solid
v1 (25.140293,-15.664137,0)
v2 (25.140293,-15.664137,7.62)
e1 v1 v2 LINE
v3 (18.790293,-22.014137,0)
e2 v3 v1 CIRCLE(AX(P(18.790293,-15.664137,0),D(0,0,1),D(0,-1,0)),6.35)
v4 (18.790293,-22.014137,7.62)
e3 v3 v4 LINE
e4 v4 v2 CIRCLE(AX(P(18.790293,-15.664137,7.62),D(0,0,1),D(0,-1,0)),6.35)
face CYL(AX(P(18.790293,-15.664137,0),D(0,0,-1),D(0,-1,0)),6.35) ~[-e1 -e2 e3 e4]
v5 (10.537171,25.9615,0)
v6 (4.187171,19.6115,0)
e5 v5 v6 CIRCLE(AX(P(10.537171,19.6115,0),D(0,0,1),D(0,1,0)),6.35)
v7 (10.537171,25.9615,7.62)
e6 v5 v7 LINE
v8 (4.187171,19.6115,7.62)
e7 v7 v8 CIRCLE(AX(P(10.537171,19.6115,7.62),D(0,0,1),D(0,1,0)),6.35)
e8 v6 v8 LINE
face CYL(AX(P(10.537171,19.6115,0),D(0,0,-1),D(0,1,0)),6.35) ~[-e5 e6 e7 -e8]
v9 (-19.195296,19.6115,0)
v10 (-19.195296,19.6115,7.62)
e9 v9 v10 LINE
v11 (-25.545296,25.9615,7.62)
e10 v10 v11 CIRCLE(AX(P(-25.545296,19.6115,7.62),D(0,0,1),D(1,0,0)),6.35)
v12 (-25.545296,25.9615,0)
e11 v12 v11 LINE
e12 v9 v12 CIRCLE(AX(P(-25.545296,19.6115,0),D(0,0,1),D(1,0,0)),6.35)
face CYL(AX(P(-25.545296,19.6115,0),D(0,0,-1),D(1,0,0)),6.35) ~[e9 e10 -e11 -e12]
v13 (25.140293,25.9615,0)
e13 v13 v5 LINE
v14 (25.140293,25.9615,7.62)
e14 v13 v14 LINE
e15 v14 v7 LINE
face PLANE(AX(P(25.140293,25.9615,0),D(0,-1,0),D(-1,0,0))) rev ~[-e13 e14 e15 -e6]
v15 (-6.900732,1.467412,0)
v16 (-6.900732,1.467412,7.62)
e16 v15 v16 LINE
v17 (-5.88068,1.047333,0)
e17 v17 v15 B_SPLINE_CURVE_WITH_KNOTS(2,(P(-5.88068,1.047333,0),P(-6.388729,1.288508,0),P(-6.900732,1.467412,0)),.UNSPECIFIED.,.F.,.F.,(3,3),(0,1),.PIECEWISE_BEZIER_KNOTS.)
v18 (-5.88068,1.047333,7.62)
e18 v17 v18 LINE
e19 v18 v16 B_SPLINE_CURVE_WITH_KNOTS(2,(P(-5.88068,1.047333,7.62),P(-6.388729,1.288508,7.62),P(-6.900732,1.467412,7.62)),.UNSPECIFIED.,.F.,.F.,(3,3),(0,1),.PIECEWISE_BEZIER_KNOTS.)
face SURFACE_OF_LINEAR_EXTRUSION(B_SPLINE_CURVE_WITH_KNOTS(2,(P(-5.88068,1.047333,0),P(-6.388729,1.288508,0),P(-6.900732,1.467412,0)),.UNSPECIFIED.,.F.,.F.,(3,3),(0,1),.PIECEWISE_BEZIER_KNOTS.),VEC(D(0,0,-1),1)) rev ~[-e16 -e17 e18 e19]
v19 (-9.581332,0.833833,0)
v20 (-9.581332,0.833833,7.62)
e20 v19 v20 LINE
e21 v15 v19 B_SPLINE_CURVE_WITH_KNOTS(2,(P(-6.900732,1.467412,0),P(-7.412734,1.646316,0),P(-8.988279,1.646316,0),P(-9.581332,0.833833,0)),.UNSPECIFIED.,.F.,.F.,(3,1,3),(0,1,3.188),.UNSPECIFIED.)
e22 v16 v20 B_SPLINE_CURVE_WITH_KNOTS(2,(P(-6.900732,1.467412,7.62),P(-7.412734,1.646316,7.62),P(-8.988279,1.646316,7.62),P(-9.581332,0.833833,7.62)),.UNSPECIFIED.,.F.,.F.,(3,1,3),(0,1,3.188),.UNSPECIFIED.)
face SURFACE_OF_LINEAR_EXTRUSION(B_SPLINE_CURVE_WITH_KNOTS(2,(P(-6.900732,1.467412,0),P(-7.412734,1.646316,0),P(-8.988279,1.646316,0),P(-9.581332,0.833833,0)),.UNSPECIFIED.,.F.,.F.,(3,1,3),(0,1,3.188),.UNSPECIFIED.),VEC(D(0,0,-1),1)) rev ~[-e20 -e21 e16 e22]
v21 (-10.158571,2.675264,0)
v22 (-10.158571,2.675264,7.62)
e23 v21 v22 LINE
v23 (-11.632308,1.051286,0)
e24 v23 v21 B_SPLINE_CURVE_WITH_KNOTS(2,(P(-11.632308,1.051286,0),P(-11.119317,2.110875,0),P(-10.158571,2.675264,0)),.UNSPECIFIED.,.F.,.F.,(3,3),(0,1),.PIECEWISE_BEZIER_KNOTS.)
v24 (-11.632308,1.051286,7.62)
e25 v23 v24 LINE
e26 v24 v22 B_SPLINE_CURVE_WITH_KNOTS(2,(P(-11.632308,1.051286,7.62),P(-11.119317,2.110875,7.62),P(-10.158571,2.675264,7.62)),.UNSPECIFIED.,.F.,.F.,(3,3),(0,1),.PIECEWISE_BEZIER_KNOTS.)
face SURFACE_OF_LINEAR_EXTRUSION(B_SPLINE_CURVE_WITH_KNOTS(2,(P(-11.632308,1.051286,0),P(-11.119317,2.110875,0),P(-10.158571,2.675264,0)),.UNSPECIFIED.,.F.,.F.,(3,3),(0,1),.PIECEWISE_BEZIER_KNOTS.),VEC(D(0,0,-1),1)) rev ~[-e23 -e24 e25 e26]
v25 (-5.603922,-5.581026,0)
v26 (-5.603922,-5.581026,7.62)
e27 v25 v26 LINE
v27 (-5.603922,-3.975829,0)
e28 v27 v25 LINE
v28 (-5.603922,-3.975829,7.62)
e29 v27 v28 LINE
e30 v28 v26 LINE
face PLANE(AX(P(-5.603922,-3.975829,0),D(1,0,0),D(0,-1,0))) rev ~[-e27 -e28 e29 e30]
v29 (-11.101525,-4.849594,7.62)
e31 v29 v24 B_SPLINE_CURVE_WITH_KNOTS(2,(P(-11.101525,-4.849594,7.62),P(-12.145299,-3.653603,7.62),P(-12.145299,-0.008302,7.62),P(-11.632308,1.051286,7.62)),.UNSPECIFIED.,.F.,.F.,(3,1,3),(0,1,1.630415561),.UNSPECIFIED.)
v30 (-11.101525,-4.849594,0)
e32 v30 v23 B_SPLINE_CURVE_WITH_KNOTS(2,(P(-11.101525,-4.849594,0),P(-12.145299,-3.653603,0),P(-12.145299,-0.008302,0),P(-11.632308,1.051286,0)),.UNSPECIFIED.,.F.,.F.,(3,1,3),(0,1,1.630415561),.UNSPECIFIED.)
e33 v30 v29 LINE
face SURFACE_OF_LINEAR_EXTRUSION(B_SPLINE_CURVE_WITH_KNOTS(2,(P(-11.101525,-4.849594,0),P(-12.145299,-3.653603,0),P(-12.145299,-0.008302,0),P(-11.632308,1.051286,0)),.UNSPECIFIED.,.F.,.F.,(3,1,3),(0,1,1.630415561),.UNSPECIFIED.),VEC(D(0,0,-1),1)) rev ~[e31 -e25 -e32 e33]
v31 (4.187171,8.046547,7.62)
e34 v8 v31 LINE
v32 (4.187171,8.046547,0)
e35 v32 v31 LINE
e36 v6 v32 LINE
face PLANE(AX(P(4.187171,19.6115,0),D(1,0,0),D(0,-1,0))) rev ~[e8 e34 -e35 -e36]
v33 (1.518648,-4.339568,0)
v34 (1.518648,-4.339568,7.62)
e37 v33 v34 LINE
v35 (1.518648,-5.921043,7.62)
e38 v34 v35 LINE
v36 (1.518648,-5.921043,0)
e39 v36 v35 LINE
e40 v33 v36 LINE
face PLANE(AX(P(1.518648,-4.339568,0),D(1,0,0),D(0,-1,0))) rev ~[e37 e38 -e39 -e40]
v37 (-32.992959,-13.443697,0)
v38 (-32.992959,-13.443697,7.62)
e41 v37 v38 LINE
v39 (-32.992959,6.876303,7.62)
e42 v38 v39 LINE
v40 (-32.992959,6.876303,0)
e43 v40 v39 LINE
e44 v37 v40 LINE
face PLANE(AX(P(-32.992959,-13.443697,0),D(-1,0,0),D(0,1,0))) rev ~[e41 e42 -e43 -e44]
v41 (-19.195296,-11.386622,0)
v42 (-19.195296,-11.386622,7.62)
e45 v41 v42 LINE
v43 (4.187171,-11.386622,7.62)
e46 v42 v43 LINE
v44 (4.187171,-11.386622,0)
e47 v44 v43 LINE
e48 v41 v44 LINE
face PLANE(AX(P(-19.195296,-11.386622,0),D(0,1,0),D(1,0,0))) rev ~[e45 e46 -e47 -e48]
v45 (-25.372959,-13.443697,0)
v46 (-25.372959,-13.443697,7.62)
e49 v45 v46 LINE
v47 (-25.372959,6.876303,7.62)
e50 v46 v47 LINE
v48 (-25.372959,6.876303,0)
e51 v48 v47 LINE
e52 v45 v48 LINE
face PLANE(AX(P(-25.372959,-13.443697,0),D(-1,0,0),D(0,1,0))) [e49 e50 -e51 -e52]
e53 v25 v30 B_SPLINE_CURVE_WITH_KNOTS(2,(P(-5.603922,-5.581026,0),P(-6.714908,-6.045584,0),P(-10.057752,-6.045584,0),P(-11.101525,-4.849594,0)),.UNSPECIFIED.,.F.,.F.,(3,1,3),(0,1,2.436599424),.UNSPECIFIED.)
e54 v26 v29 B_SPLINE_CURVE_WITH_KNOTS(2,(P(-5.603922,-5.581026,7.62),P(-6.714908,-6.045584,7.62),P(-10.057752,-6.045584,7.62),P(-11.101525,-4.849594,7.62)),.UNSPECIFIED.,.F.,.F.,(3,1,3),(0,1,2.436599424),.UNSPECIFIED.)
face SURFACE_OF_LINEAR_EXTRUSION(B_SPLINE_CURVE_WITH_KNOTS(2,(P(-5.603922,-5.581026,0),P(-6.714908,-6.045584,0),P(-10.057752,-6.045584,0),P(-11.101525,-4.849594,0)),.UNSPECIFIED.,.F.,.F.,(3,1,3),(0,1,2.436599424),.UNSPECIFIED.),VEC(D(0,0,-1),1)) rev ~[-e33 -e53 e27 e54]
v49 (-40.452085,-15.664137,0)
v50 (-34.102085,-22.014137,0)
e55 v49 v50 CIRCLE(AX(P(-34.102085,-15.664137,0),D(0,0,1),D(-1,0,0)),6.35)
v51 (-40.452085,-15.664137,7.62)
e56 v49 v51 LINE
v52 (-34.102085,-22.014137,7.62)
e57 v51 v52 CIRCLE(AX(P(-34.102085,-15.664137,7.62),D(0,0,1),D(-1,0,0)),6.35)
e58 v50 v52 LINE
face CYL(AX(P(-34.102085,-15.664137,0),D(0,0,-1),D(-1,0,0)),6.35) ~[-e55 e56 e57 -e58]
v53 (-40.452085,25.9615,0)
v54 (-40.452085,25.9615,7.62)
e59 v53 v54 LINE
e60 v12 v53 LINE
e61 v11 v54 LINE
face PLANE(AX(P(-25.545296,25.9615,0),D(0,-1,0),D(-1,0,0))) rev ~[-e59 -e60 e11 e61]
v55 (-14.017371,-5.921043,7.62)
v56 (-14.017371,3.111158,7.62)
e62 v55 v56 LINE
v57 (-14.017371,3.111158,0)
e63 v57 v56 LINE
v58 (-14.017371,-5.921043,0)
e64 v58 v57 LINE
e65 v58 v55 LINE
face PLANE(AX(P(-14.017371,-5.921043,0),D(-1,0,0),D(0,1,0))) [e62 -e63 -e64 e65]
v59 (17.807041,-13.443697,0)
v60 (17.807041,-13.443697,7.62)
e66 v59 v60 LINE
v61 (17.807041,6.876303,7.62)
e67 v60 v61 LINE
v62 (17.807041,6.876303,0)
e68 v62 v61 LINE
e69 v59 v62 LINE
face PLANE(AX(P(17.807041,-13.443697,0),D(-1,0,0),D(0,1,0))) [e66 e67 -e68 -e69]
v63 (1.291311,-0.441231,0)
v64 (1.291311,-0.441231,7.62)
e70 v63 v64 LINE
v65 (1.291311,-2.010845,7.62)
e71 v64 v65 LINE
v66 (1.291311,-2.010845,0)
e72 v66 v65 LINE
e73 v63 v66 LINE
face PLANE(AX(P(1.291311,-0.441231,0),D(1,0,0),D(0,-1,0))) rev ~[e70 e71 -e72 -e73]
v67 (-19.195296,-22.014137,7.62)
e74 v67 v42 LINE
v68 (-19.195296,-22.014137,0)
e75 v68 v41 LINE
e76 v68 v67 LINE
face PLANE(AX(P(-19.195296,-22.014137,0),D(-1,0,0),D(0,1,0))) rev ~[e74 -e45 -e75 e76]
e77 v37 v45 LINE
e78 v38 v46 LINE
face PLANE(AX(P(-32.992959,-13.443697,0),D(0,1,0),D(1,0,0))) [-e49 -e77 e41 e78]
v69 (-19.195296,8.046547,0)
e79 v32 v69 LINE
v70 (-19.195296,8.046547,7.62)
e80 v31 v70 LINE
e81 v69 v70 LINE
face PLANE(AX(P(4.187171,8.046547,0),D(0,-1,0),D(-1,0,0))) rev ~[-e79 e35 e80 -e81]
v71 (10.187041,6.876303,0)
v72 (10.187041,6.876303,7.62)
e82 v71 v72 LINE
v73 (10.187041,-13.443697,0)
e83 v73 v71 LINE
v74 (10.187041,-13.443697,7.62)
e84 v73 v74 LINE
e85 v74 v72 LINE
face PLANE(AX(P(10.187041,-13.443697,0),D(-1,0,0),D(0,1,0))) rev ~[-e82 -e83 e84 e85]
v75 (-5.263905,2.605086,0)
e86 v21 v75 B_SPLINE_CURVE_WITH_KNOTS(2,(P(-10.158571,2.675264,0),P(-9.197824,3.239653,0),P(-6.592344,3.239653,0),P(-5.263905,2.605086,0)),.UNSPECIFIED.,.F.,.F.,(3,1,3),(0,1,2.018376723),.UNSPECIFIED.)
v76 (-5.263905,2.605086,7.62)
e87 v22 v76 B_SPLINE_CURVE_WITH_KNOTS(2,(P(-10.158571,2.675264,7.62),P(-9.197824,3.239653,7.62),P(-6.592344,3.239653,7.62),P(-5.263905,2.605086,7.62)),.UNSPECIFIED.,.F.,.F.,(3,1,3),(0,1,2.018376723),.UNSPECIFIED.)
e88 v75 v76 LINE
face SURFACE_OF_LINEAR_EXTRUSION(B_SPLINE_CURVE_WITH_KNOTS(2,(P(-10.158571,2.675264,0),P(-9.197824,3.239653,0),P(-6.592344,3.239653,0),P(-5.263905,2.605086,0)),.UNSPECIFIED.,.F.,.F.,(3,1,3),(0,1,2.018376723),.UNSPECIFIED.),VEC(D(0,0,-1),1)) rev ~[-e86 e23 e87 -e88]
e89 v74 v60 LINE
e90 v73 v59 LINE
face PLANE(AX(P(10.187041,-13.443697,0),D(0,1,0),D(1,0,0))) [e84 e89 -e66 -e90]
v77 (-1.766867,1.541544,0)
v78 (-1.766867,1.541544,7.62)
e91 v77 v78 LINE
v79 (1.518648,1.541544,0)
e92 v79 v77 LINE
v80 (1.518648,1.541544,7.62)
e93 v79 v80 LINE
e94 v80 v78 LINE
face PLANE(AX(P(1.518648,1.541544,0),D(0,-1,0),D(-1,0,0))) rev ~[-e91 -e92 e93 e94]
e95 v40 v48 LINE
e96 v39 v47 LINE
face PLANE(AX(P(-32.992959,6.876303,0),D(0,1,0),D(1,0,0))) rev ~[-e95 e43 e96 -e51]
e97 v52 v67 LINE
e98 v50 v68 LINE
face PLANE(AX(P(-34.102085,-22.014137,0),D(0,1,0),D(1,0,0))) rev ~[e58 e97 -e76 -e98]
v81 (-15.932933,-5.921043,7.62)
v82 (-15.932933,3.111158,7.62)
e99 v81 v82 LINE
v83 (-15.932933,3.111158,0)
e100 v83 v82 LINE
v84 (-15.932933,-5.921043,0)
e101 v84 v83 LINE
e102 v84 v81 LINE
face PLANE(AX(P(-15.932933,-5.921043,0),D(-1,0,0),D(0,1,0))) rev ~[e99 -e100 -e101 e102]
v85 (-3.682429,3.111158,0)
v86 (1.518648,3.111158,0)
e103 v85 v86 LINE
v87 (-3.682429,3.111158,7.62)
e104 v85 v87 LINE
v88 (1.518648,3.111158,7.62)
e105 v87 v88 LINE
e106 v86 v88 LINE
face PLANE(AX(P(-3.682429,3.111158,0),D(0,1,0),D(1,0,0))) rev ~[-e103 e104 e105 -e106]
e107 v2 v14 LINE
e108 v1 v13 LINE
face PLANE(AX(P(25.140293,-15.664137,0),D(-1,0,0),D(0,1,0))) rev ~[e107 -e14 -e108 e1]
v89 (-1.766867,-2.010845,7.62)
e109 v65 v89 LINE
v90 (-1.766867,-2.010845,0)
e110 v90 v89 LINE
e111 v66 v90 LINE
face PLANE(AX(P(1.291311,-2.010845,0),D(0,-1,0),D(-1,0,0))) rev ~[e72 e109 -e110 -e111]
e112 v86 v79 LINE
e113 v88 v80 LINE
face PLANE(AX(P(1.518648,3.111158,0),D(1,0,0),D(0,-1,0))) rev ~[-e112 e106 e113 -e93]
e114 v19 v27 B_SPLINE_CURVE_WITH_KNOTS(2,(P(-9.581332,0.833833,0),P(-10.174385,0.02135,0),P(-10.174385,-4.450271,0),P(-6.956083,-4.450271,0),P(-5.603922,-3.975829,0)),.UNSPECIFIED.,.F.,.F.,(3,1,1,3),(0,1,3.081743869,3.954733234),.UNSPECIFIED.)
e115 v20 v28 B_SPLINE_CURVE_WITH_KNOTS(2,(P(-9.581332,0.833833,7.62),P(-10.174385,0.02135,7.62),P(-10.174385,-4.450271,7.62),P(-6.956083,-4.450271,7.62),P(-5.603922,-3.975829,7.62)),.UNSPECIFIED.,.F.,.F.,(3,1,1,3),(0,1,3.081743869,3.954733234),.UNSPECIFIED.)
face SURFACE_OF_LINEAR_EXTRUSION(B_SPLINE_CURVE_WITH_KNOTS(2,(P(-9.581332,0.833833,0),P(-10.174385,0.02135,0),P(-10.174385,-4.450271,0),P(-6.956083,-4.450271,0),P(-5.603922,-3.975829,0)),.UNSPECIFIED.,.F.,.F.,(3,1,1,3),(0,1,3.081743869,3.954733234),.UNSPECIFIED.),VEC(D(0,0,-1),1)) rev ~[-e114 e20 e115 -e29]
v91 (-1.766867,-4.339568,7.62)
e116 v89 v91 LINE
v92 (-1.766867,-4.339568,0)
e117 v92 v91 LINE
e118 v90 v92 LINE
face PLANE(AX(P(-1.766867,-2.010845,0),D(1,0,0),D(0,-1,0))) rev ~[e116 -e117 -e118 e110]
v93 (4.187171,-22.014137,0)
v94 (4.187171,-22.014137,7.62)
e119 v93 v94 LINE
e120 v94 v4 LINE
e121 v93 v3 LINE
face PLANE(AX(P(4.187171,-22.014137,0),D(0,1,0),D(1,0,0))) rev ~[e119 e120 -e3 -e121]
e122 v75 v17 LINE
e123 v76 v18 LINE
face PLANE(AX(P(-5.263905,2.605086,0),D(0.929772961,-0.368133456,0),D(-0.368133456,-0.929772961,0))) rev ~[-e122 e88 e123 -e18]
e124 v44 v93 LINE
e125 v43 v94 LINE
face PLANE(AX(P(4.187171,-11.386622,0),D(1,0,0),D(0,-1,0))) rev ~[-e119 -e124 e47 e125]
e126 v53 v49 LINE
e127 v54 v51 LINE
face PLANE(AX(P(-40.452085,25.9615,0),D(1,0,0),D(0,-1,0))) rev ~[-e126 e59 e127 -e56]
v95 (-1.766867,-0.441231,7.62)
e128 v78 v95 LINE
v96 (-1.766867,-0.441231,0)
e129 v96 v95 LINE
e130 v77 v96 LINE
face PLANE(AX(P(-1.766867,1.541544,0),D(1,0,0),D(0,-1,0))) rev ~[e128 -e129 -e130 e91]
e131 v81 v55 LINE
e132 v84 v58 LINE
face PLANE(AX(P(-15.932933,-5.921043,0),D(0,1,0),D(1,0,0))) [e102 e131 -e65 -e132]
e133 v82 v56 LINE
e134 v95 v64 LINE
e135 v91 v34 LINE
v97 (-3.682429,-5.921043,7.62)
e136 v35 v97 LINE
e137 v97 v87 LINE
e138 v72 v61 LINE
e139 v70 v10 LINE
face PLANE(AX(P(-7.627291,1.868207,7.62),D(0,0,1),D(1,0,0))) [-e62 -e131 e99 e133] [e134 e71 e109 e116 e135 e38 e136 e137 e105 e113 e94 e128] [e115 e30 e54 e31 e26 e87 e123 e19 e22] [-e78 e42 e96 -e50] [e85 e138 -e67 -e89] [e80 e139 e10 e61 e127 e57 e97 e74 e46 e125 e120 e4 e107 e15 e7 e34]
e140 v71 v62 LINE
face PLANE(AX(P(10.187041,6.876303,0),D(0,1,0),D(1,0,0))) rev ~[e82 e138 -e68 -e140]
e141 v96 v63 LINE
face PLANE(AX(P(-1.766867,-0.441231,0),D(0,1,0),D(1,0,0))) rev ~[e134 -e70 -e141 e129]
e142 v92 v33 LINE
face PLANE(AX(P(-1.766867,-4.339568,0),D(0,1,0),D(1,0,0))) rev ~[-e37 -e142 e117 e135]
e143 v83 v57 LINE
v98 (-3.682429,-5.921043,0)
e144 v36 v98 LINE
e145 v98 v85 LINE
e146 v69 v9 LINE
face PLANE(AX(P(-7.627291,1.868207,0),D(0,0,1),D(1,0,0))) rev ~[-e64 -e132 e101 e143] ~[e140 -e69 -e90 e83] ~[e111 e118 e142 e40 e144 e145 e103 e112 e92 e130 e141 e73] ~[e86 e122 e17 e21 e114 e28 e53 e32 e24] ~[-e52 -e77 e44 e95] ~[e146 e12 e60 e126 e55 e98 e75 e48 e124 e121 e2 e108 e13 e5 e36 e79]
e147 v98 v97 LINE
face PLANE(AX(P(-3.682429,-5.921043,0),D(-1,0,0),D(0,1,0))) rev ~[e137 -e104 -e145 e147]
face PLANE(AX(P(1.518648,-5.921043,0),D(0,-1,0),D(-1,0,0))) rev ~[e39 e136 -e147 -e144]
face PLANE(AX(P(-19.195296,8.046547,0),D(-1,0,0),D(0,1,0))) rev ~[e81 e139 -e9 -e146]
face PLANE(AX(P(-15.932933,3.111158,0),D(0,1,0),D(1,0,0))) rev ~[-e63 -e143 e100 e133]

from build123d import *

# Parameters (mm, degrees)
F0_W     = 7.62
F0_H     = 20.32
F0_W_2   = 1.9155620143
F0_H_2   = 9.0322010769
F1_DEPTH = 7.62


with BuildPart() as f1:
    # F0 (on Top) → F1 (new body)
    with BuildSketch(Plane.XY):
        with BuildLine():
            Line((-25.5452958703, 25.9614996612), (-40.4520854354, 25.9614996612))
            Line((-40.4520854354, 25.9614996612), (-40.4520854354, -15.6641373575))
            ThreePointArc((-40.4520854354, -15.6641373575), (-38.5922134959, -20.154265418), (-34.1020854354, -22.0141373575))
            Line((-34.1020854354, -22.0141373575), (-19.1952958703, -22.0141373575))
            Line((-19.1952958703, -22.0141373575), (-19.1952958703, -11.3866217434))
            Line((-19.1952958703, -11.3866217434), (4.1871713474, -11.3866217434))
            Line((4.1871713474, -11.3866217434), (4.1871713474, -22.0141373575))
            Line((4.1871713474, -22.0141373575), (18.7902929425, -22.0141373575))
            ThreePointArc((18.7902929425, -22.0141373575), (23.2804210031, -20.154265418), (25.1402929425, -15.6641373575))
            Line((25.1402929425, -15.6641373575), (25.1402929425, 25.9614996612))
            Line((25.1402929425, 25.9614996612), (10.5371713474, 25.9614996612))
            ThreePointArc((10.5371713474, 25.9614996612), (6.0470432869, 24.1016277217), (4.1871713474, 19.6114996612))
            Line((4.1871713474, 19.6114996612), (4.1871713474, 8.0465469509))
            Line((4.1871713474, 8.0465469509), (-19.1952958703, 8.0465469509))
            Line((-19.1952958703, 8.0465469509), (-19.1952958703, 19.6114996612))
            ThreePointArc((-19.1952958703, 19.6114996612), (-21.0551678098, 24.1016277217), (-25.5452958703, 25.9614996612))
        make_face()
        with Locations((-29.182958674, -3.2836972007)):
            Rectangle(F0_W, F0_H, mode=Mode.SUBTRACT)
        with Locations((-14.9751515718, -1.4049426843)):
            Rectangle(F0_W_2, F0_H_2, mode=Mode.SUBTRACT)
        with BuildLine():
            add(Edge.make_bspline(
                [(-6.9007315021, 1.4674119151), (-7.4127341457, 1.6463163138), (-7.9069451917, 1.6463163138)],
                knots=[0, 0, 0, 1, 1, 1], degree=2))
            add(Edge.make_bspline(
                [(-7.9069451917, 1.6463163138), (-8.9882789604, 1.6463163138), (-9.5813322156, 0.8338333541)],
                knots=[0, 0, 0, 1, 1, 1], degree=2))
            add(Edge.make_bspline(
                [(-9.5813322156, 0.8338333541), (-10.1743854708, 0.0213503945), (-10.1743854708, -1.4296532366)],
                knots=[0, 0, 0, 1, 1, 1], degree=2))
            add(Edge.make_bspline(
                [(-10.1743854708, -1.4296532366), (-10.1743854708, -4.4502711498), (-7.9069451917, -4.4502711498)],
                knots=[0, 0, 0, 1, 1, 1], degree=2))
            add(Edge.make_bspline(
                [(-7.9069451917, -4.4502711498), (-6.9560831392, -4.4502711498), (-5.6039217173, -3.9758285457)],
                knots=[0, 0, 0, 1, 1, 1], degree=2))
            Line((-5.6039217173, -3.9758285457), (-5.6039217173, -5.5810260231))
            add(Edge.make_bspline(
                [(-5.6039217173, -5.5810260231), (-6.7149081488, -6.0455844064), (-8.0868380125, -6.0455844064)],
                knots=[0, 0, 0, 1, 1, 1], degree=2))
            add(Edge.make_bspline(
                [(-8.0868380125, -6.0455844064), (-10.057751664, -6.0455844064), (-11.1015253932, -4.849593675)],
                knots=[0, 0, 0, 1, 1, 1], degree=2))
            add(Edge.make_bspline(
                [(-11.1015253932, -4.849593675), (-12.1452991223, -3.6536029437), (-12.1452991223, -1.4177921715)],
                knots=[0, 0, 0, 1, 1, 1], degree=2))
            add(Edge.make_bspline(
                [(-12.1452991223, -1.4177921715), (-12.1452991223, -0.0083022683), (-11.6323080566, 1.0512862144)],
                knots=[0, 0, 0, 1, 1, 1], degree=2))
            add(Edge.make_bspline(
                [(-11.6323080566, 1.0512862144), (-11.1193169908, 2.110874697), (-10.1585707174, 2.6752637116)],
                knots=[0, 0, 0, 1, 1, 1], degree=2))
            add(Edge.make_bspline(
                [(-10.1585707174, 2.6752637116), (-9.1978244439, 3.2396527261), (-7.9069451917, 3.2396527261)],
                knots=[0, 0, 0, 1, 1, 1], degree=2))
            add(Edge.make_bspline(
                [(-7.9069451917, 3.2396527261), (-6.5923438093, 3.2396527261), (-5.2639045177, 2.605085743)],
                knots=[0, 0, 0, 1, 1, 1], degree=2))
            Line((-5.2639045177, 2.605085743), (-5.8806799031, 1.047332526))
            add(Edge.make_bspline(
                [(-5.8806799031, 1.047332526), (-6.3887288584, 1.2885075165), (-6.9007315021, 1.4674119151)],
                knots=[0, 0, 0, 1, 1, 1], degree=2))
        make_face(mode=Mode.SUBTRACT)
        Polygon((1.5186478778, -4.3395678755), (1.5186478778, -5.9210432228), (-3.6824291704, -5.9210432228), (-3.6824291704, 3.1111578542), (1.5186478778, 3.1111578542), (1.5186478778, 1.541543572), (-1.7668671561, 1.541543572), (-1.7668671561, -0.4412311446), (1.2913107967, -0.4412311446), (1.2913107967, -2.0108454267), (-1.7668671561, -2.0108454267), (-1.7668671561, -4.3395678755), align=None, mode=Mode.SUBTRACT)
        with Locations((13.997041326, -3.2836972007)):
            Rectangle(F0_W, F0_H, mode=Mode.SUBTRACT)
    extrude(amount=F1_DEPTH)


solid = f1.part
